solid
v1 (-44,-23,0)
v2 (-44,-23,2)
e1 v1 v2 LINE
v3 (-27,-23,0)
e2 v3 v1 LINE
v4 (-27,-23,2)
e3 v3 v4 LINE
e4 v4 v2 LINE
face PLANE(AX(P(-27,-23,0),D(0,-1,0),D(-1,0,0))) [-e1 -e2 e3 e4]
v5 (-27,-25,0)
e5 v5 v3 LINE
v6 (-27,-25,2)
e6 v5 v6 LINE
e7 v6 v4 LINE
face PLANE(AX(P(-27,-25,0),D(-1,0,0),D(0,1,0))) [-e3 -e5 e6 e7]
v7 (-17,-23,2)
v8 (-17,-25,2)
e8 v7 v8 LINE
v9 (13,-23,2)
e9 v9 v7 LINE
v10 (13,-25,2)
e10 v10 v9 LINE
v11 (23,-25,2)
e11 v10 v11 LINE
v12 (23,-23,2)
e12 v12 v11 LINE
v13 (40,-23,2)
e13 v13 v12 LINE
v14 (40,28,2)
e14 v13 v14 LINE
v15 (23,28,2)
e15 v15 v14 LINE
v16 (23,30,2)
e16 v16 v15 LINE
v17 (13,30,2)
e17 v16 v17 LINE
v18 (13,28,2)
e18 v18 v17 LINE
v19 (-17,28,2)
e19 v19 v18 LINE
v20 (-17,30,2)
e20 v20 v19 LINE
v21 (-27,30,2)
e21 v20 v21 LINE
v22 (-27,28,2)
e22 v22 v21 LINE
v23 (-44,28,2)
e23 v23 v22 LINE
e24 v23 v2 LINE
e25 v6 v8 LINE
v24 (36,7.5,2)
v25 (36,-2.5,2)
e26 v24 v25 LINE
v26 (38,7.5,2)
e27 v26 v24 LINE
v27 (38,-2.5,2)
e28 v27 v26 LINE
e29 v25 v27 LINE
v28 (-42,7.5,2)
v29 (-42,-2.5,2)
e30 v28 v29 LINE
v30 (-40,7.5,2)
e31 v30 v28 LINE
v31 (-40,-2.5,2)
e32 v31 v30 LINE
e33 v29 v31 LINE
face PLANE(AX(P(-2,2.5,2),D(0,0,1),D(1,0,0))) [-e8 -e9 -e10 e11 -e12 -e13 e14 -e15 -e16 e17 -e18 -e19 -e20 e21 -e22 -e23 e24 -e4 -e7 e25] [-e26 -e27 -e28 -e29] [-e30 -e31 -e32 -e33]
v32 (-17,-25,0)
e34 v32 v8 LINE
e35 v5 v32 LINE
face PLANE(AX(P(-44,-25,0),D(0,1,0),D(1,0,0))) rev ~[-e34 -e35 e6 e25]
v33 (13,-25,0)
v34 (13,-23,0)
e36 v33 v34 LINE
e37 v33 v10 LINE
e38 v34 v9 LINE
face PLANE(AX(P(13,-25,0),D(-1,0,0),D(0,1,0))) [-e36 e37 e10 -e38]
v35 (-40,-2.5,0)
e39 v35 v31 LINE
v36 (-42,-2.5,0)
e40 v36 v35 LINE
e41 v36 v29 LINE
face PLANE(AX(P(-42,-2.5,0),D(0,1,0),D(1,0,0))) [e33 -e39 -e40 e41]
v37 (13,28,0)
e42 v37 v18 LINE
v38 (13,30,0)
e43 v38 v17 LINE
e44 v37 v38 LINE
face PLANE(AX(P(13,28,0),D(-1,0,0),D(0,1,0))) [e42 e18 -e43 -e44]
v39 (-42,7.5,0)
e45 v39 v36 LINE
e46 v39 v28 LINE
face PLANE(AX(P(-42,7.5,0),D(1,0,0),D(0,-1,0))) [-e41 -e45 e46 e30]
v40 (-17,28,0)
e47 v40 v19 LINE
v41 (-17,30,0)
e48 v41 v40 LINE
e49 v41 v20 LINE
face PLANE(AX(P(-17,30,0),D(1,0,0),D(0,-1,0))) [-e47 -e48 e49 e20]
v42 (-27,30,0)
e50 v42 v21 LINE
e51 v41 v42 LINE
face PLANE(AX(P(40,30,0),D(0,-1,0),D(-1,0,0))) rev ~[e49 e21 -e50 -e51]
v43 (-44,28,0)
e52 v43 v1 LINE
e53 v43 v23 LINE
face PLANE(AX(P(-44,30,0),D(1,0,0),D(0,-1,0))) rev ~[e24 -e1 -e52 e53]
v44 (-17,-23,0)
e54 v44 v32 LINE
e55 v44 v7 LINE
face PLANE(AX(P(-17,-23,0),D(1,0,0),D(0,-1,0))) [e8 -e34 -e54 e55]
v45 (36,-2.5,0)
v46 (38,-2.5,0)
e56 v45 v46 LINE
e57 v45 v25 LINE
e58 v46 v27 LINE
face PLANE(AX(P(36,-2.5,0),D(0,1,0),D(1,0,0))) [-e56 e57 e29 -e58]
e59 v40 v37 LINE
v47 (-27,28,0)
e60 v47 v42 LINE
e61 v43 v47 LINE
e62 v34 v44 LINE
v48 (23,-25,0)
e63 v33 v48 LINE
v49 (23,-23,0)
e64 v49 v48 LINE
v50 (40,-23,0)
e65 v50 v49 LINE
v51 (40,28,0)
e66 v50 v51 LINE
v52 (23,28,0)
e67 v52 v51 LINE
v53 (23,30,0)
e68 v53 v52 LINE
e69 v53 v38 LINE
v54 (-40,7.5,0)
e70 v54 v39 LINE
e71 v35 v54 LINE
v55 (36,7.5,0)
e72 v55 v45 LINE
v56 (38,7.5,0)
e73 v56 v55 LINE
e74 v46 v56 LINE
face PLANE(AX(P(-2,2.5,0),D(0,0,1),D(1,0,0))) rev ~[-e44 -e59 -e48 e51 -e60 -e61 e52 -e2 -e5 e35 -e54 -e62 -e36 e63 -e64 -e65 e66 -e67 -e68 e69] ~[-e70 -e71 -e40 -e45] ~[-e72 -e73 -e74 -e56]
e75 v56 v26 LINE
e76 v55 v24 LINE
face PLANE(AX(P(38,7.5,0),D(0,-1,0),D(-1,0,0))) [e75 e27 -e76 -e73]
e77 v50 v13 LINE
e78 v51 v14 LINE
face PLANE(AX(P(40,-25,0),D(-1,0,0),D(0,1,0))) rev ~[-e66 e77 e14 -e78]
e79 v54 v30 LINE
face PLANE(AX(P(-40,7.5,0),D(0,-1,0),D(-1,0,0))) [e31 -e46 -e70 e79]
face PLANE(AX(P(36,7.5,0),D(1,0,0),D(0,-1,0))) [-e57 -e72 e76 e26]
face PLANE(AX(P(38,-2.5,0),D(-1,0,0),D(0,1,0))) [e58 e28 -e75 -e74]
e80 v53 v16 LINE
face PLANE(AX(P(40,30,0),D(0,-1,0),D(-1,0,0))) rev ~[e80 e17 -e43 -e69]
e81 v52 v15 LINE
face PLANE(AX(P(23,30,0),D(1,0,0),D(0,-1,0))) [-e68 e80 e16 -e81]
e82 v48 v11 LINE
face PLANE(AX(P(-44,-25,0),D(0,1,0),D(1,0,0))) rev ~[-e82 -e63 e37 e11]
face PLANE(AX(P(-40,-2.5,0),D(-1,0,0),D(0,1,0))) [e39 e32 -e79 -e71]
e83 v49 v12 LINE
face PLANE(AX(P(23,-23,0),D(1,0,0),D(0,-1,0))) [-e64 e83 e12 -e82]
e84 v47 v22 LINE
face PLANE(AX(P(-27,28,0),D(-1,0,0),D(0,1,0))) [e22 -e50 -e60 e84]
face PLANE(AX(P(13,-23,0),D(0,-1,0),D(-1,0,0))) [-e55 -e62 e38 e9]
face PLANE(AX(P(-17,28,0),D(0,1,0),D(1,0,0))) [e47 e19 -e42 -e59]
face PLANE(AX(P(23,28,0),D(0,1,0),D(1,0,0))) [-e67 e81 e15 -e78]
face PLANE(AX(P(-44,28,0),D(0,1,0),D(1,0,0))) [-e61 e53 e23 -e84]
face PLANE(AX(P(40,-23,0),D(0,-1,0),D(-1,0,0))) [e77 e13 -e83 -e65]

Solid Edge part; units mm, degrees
sketch "Sketch1" plane through (0, 0, 0) normal (0, 0, 1) x (1, 0, 0)
  line L0 (40, -25) -> (40, 30)
  line L1 (40, 30) -> (-44, 30)
  line L2 (-44, 30) -> (-44, -25)
  line L3 (-44, -25) -> (40, -25)
extrude "ExtrudedProtrusion_3" add sketch "Sketch1" along normal blind 2
sketch "Sketch2" plane through (0, 0, 0) normal (0, 0, 1) x (1, 0, 0)
  line L0 (-44, 28) -> (-27, 28)
  line L1 (-27, 28) -> (-27, 30)
  line L2 (-27, 30) -> (-44, 30)
  line L3 (-44, 30) -> (-44, 28)
extrude "ExtrudedCutout_9" cut sketch "Sketch2" along normal blind 2
sketch "Sketch3" plane through (0, 0, 0) normal (0, 0, 1) x (1, 0, 0)
  line L0 (-17, 28) -> (13, 28)
  line L1 (13, 28) -> (13, 30)
  line L2 (13, 30) -> (-17, 30)
  line L3 (-17, 30) -> (-17, 28)
extrude "ExtrudedCutout_10" cut sketch "Sketch3" along normal blind 2
sketch "Sketch4" plane through (0, 0, 0) normal (0, 0, 1) x (1, 0, 0)
  line L0 (23, 28) -> (40, 28)
  line L1 (40, 28) -> (40, 30)
  line L2 (40, 30) -> (23, 30)
  line L3 (23, 30) -> (23, 28)
extrude "ExtrudedCutout_11" cut sketch "Sketch4" along normal blind 2
sketch "Sketch5" plane through (0, 0, 0) normal (0, 0, 1) x (1, 0, 0)
  line L0 (38, -2.5) -> (38, 7.5)
  line L1 (38, 7.5) -> (36, 7.5)
  line L2 (36, 7.5) -> (36, -2.5)
  line L3 (36, -2.5) -> (38, -2.5)
extrude "ExtrudedCutout_12" cut sketch "Sketch5" along normal blind 2
sketch "Sketch6" plane through (0, 0, 0) normal (0, 0, 1) x (1, 0, 0)
  line L0 (40, -23) -> (23, -23)
  line L1 (23, -23) -> (23, -25)
  line L2 (23, -25) -> (40, -25)
  line L3 (40, -25) -> (40, -23)
extrude "ExtrudedCutout_13" cut sketch "Sketch6" along normal blind 2
sketch "Sketch7" plane through (0, 0, 0) normal (0, 0, 1) x (1, 0, 0)
  line L0 (13, -23) -> (-17, -23)
  line L1 (-17, -23) -> (-17, -25)
  line L2 (-17, -25) -> (13, -25)
  line L3 (13, -25) -> (13, -23)
extrude "ExtrudedCutout_14" cut sketch "Sketch7" along normal blind 2
sketch "Sketch8" plane through (0, 0, 0) normal (0, 0, 1) x (1, 0, 0)
  line L0 (-27, -23) -> (-44, -23)
  line L1 (-44, -23) -> (-44, -25)
  line L2 (-44, -25) -> (-27, -25)
  line L3 (-27, -25) -> (-27, -23)
extrude "ExtrudedCutout_15" cut sketch "Sketch8" along normal blind 2
sketch "Sketch9" plane through (0, 0, 0) normal (0, 0, 1) x (1, 0, 0)
  line L0 (-40, -2.5) -> (-40, 7.5)
  line L1 (-40, 7.5) -> (-42, 7.5)
  line L2 (-42, 7.5) -> (-42, -2.5)
  line L3 (-42, -2.5) -> (-40, -2.5)
extrude "ExtrudedCutout_16" cut sketch "Sketch9" along normal blind 2
properties material "Acrylic, high impact grade"
